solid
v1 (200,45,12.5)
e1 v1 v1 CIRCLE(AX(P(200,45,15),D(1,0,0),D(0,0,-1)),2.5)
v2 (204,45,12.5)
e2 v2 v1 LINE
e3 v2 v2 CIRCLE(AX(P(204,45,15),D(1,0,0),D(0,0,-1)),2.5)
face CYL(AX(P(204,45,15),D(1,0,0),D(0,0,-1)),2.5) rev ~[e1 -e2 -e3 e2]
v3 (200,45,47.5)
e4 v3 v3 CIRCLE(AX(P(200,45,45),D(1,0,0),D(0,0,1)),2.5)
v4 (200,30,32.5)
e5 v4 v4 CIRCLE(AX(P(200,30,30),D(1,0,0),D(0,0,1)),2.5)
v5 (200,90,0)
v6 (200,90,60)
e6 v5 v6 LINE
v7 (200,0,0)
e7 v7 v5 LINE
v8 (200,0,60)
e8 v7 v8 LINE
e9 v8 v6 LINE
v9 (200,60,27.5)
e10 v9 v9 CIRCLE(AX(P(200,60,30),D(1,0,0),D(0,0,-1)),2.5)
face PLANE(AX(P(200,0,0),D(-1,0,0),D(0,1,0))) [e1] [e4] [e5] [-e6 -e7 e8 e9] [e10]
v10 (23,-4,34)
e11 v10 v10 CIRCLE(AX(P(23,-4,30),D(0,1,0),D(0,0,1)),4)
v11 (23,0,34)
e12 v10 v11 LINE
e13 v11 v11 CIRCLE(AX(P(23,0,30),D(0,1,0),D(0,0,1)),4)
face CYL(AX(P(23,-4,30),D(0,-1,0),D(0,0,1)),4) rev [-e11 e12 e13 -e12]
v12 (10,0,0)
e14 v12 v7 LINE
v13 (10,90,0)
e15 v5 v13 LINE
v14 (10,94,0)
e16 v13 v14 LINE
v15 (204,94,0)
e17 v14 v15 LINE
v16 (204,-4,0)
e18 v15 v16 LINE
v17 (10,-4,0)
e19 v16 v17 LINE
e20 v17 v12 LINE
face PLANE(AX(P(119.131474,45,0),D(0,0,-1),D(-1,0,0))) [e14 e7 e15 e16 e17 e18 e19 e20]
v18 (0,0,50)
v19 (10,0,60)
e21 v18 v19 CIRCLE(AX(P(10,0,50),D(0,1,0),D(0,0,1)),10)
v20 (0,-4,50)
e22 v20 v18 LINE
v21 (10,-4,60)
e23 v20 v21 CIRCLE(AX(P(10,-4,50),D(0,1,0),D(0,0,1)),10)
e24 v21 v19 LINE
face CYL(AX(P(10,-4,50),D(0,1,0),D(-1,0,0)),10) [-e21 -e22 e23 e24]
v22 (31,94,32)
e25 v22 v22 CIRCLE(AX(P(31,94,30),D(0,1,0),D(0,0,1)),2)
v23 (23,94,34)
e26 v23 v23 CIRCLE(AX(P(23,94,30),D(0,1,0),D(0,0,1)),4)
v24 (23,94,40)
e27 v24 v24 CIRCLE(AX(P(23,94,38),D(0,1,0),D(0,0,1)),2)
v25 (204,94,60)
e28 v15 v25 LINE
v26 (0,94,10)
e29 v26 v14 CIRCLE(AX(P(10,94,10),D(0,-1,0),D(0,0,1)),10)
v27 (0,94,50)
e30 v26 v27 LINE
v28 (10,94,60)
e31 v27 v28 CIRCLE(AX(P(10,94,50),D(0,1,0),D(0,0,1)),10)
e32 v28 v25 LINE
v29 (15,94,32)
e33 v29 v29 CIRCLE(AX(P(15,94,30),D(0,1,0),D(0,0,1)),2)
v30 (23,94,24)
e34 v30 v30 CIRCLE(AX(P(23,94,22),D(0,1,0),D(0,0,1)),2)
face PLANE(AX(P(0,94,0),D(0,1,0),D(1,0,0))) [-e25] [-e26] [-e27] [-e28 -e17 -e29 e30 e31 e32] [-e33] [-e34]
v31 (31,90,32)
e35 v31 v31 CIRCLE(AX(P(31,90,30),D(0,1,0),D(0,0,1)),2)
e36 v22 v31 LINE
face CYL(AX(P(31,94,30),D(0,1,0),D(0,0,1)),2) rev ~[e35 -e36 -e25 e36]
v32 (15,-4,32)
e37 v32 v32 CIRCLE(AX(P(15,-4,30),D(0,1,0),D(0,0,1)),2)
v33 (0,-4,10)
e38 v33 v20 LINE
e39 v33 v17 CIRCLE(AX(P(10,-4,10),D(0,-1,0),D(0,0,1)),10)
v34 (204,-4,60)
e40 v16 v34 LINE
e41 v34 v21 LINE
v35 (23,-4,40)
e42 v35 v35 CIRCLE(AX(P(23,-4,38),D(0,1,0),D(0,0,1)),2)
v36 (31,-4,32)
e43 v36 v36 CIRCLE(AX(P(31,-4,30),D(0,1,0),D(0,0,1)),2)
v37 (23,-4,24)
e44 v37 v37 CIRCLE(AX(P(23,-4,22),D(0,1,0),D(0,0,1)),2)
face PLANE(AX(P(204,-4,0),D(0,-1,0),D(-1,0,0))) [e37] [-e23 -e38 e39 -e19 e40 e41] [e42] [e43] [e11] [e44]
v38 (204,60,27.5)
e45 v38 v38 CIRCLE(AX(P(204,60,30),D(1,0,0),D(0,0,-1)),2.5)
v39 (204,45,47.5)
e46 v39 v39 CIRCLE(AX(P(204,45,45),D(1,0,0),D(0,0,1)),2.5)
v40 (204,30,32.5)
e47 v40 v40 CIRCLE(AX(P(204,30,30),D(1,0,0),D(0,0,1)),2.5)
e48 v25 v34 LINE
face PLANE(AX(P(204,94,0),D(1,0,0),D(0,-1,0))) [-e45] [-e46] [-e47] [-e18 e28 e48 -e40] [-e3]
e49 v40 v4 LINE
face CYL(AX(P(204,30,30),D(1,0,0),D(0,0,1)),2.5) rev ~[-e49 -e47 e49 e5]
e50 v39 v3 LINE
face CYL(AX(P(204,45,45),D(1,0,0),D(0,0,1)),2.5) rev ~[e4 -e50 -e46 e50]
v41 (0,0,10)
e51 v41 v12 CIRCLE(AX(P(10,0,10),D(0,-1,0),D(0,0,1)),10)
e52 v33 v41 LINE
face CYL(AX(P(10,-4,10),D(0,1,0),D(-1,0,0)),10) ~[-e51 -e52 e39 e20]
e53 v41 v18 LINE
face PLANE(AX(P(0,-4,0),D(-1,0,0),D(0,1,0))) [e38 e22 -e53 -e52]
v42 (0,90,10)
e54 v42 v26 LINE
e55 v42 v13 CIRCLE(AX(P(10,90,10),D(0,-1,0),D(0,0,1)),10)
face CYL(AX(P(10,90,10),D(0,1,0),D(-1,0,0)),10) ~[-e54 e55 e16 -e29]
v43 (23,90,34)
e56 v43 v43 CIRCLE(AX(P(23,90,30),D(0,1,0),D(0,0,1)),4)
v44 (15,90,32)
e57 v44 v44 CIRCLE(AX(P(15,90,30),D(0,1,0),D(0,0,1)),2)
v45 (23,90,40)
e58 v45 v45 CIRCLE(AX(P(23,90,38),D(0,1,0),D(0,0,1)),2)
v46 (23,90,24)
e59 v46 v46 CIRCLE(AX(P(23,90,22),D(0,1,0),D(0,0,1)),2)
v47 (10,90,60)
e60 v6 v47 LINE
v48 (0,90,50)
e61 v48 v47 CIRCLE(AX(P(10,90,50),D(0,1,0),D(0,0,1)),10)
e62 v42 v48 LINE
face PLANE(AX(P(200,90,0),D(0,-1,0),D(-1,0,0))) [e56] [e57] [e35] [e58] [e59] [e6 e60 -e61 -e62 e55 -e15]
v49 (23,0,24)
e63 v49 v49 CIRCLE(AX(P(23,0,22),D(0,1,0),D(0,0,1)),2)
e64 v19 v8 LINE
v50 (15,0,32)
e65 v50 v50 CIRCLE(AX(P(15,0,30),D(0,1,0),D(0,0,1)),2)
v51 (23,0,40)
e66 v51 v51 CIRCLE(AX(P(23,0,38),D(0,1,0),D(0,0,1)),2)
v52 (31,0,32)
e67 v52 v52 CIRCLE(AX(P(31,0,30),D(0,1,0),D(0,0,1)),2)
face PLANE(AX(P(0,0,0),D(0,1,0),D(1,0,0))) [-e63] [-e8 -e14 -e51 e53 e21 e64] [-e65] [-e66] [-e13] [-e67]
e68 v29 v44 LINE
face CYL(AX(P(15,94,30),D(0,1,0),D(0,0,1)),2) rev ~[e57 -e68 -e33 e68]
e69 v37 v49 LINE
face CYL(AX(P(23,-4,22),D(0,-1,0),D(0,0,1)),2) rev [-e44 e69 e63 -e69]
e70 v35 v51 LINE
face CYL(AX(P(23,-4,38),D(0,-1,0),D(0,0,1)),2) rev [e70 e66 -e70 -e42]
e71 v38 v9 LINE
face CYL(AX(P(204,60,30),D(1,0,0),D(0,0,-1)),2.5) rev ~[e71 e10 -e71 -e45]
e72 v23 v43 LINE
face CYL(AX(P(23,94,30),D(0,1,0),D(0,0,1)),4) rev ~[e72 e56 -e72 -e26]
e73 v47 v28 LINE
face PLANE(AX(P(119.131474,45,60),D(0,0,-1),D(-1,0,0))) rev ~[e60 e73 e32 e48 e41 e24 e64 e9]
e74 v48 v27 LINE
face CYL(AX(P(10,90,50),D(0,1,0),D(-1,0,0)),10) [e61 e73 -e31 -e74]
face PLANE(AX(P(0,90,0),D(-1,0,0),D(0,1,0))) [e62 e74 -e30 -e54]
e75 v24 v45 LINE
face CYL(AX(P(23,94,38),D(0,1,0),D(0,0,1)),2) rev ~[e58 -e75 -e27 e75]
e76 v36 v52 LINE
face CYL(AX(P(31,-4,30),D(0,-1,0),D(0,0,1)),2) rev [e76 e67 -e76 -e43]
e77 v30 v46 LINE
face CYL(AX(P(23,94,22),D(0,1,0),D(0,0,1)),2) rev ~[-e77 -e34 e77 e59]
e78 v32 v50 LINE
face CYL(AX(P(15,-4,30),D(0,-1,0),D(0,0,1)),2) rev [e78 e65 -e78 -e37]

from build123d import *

# Parameters (mm, degrees)
EKSTR_ZYON_NCE1_DEPTH = 60
RADYUS1_R             = 10
KES_EKSTR_ZYON1_REACH = 236.137
IZIM2_R               = 4
IZIM2_R_2             = 2
KES_EKSTR_ZYON2_REACH = 234.491
IZIM3_R               = 2.5


with BuildPart() as part:
    # Çizim1 → Ekstrüzyon-İnce1 (new body)
    with BuildSketch(Plane.XY):
        Polygon((0, 0), (200, 0), (200, 90), (0, 90), (0, 94), (204, 94), (204, -4), (0, -4), align=None)
    extrude(amount=EKSTR_ZYON_NCE1_DEPTH)

    # Radyus1
    radyus1_edges = [part.edges().sort_by_distance(p)[0] for p in [
        (0, -2, 60),
        (0, 92, 60),
        (0, -2, 0),
        (0, 92, 0),
    ]]
    fillet(radyus1_edges, radius=RADYUS1_R)

    # Çizim2 → Kes-Ekstrüzyon1 (cut, up to next)
    with BuildSketch(Plane(origin=(0, 94, 0), x_dir=(1, 0, 0), z_dir=(0, 1, 0)), mode=Mode.PRIVATE) as kes_ekstr_zyon1_sk1:
        with Locations(Location((23, -30, 0), (0, 0, 270))):
            Circle(IZIM2_R)
    kes_ekstr_zyon1_tool1 = extrude(kes_ekstr_zyon1_sk1.sketch, amount=-KES_EKSTR_ZYON1_REACH, mode=Mode.PRIVATE) & part.part
    # Çizim2 → Kes-Ekstrüzyon1 (cut, up to next)
    with BuildSketch(Plane(origin=(0, 94, 0), x_dir=(1, 0, 0), z_dir=(0, 1, 0)), mode=Mode.PRIVATE) as kes_ekstr_zyon1_sk2:
        with Locations(Location((23, -22, 0), (0, 0, 270))):
            Circle(IZIM2_R_2)
    kes_ekstr_zyon1_tool2 = extrude(kes_ekstr_zyon1_sk2.sketch, amount=-KES_EKSTR_ZYON1_REACH, mode=Mode.PRIVATE) & part.part
    # Çizim2 → Kes-Ekstrüzyon1 (cut, up to next)
    with BuildSketch(Plane(origin=(0, 94, 0), x_dir=(1, 0, 0), z_dir=(0, 1, 0)), mode=Mode.PRIVATE) as kes_ekstr_zyon1_sk3:
        with Locations(Location((23, -38, 0), (0, 0, 270))):
            Circle(IZIM2_R_2)
    kes_ekstr_zyon1_tool3 = extrude(kes_ekstr_zyon1_sk3.sketch, amount=-KES_EKSTR_ZYON1_REACH, mode=Mode.PRIVATE) & part.part
    # Çizim2 → Kes-Ekstrüzyon1 (cut, up to next)
    with BuildSketch(Plane(origin=(0, 94, 0), x_dir=(1, 0, 0), z_dir=(0, 1, 0)), mode=Mode.PRIVATE) as kes_ekstr_zyon1_sk4:
        with Locations(Location((31, -30, 0), (0, 0, 270))):
            Circle(IZIM2_R_2)
    kes_ekstr_zyon1_tool4 = extrude(kes_ekstr_zyon1_sk4.sketch, amount=-KES_EKSTR_ZYON1_REACH, mode=Mode.PRIVATE) & part.part
    # Çizim2 → Kes-Ekstrüzyon1 (cut, up to next)
    with BuildSketch(Plane(origin=(0, 94, 0), x_dir=(1, 0, 0), z_dir=(0, 1, 0)), mode=Mode.PRIVATE) as kes_ekstr_zyon1_sk5:
        with Locations(Location((15, -30, 0), (0, 0, 270))):
            Circle(IZIM2_R_2)
    kes_ekstr_zyon1_tool5 = extrude(kes_ekstr_zyon1_sk5.sketch, amount=-KES_EKSTR_ZYON1_REACH, mode=Mode.PRIVATE) & part.part
    kes_ekstr_zyon1_1 = kes_ekstr_zyon1_tool1.solids().sort_by_distance((23, 94, 30))[0]
    add(kes_ekstr_zyon1_1, mode=Mode.SUBTRACT)
    kes_ekstr_zyon1_2 = kes_ekstr_zyon1_tool2.solids().sort_by_distance((23, 94, 22))[0]
    add(kes_ekstr_zyon1_2, mode=Mode.SUBTRACT)
    kes_ekstr_zyon1_3 = kes_ekstr_zyon1_tool3.solids().sort_by_distance((23, 94, 38))[0]
    add(kes_ekstr_zyon1_3, mode=Mode.SUBTRACT)
    kes_ekstr_zyon1_4 = kes_ekstr_zyon1_tool4.solids().sort_by_distance((31, 94, 30))[0]
    add(kes_ekstr_zyon1_4, mode=Mode.SUBTRACT)
    kes_ekstr_zyon1_5 = kes_ekstr_zyon1_tool5.solids().sort_by_distance((15, 94, 30))[0]
    add(kes_ekstr_zyon1_5, mode=Mode.SUBTRACT)
    kes_ekstr_zyon1 = kes_ekstr_zyon1_1 + kes_ekstr_zyon1_2 + kes_ekstr_zyon1_3 + kes_ekstr_zyon1_4 + kes_ekstr_zyon1_5  # Kes-Ekstrüzyon1 as one shape, for the pattern or mirror that repeats it

    # Aynalama1: Kes-Ekstrüzyon1 across plane
    add(kes_ekstr_zyon1.mirror(Plane.ZX.offset(45)), mode=Mode.SUBTRACT)

    # Çizim3 → Kes-Ekstrüzyon2 (cut, up to next)
    with BuildSketch(Plane(origin=(204, 0, 0), x_dir=(0, 0, -1), z_dir=(1, 0, 0)), mode=Mode.PRIVATE) as kes_ekstr_zyon2_sk1:
        with Locations((-30, 60)):
            Circle(IZIM3_R)
    kes_ekstr_zyon2_tool1 = extrude(kes_ekstr_zyon2_sk1.sketch, amount=-KES_EKSTR_ZYON2_REACH, mode=Mode.PRIVATE) & part.part
    # Çizim3 → Kes-Ekstrüzyon2 (cut, up to next)
    with BuildSketch(Plane(origin=(204, 0, 0), x_dir=(0, 0, -1), z_dir=(1, 0, 0)), mode=Mode.PRIVATE) as kes_ekstr_zyon2_sk2:
        with Locations(Location((-30, 30, 0), (0, 0, 180))):
            Circle(IZIM3_R)
    kes_ekstr_zyon2_tool2 = extrude(kes_ekstr_zyon2_sk2.sketch, amount=-KES_EKSTR_ZYON2_REACH, mode=Mode.PRIVATE) & part.part
    # Çizim3 → Kes-Ekstrüzyon2 (cut, up to next)
    with BuildSketch(Plane(origin=(204, 0, 0), x_dir=(0, 0, -1), z_dir=(1, 0, 0)), mode=Mode.PRIVATE) as kes_ekstr_zyon2_sk3:
        with Locations((-15, 45)):
            Circle(IZIM3_R)
    kes_ekstr_zyon2_tool3 = extrude(kes_ekstr_zyon2_sk3.sketch, amount=-KES_EKSTR_ZYON2_REACH, mode=Mode.PRIVATE) & part.part
    # Çizim3 → Kes-Ekstrüzyon2 (cut, up to next)
    with BuildSketch(Plane(origin=(204, 0, 0), x_dir=(0, 0, -1), z_dir=(1, 0, 0)), mode=Mode.PRIVATE) as kes_ekstr_zyon2_sk4:
        with Locations(Location((-45, 45, 0), (0, 0, 180))):
            Circle(IZIM3_R)
    kes_ekstr_zyon2_tool4 = extrude(kes_ekstr_zyon2_sk4.sketch, amount=-KES_EKSTR_ZYON2_REACH, mode=Mode.PRIVATE) & part.part
    add(kes_ekstr_zyon2_tool1.solids().sort_by_distance((204, 60, 30))[0], mode=Mode.SUBTRACT)
    add(kes_ekstr_zyon2_tool2.solids().sort_by_distance((204, 30, 30))[0], mode=Mode.SUBTRACT)
    add(kes_ekstr_zyon2_tool3.solids().sort_by_distance((204, 45, 15))[0], mode=Mode.SUBTRACT)
    add(kes_ekstr_zyon2_tool4.solids().sort_by_distance((204, 45, 45))[0], mode=Mode.SUBTRACT)


solid = part.part
